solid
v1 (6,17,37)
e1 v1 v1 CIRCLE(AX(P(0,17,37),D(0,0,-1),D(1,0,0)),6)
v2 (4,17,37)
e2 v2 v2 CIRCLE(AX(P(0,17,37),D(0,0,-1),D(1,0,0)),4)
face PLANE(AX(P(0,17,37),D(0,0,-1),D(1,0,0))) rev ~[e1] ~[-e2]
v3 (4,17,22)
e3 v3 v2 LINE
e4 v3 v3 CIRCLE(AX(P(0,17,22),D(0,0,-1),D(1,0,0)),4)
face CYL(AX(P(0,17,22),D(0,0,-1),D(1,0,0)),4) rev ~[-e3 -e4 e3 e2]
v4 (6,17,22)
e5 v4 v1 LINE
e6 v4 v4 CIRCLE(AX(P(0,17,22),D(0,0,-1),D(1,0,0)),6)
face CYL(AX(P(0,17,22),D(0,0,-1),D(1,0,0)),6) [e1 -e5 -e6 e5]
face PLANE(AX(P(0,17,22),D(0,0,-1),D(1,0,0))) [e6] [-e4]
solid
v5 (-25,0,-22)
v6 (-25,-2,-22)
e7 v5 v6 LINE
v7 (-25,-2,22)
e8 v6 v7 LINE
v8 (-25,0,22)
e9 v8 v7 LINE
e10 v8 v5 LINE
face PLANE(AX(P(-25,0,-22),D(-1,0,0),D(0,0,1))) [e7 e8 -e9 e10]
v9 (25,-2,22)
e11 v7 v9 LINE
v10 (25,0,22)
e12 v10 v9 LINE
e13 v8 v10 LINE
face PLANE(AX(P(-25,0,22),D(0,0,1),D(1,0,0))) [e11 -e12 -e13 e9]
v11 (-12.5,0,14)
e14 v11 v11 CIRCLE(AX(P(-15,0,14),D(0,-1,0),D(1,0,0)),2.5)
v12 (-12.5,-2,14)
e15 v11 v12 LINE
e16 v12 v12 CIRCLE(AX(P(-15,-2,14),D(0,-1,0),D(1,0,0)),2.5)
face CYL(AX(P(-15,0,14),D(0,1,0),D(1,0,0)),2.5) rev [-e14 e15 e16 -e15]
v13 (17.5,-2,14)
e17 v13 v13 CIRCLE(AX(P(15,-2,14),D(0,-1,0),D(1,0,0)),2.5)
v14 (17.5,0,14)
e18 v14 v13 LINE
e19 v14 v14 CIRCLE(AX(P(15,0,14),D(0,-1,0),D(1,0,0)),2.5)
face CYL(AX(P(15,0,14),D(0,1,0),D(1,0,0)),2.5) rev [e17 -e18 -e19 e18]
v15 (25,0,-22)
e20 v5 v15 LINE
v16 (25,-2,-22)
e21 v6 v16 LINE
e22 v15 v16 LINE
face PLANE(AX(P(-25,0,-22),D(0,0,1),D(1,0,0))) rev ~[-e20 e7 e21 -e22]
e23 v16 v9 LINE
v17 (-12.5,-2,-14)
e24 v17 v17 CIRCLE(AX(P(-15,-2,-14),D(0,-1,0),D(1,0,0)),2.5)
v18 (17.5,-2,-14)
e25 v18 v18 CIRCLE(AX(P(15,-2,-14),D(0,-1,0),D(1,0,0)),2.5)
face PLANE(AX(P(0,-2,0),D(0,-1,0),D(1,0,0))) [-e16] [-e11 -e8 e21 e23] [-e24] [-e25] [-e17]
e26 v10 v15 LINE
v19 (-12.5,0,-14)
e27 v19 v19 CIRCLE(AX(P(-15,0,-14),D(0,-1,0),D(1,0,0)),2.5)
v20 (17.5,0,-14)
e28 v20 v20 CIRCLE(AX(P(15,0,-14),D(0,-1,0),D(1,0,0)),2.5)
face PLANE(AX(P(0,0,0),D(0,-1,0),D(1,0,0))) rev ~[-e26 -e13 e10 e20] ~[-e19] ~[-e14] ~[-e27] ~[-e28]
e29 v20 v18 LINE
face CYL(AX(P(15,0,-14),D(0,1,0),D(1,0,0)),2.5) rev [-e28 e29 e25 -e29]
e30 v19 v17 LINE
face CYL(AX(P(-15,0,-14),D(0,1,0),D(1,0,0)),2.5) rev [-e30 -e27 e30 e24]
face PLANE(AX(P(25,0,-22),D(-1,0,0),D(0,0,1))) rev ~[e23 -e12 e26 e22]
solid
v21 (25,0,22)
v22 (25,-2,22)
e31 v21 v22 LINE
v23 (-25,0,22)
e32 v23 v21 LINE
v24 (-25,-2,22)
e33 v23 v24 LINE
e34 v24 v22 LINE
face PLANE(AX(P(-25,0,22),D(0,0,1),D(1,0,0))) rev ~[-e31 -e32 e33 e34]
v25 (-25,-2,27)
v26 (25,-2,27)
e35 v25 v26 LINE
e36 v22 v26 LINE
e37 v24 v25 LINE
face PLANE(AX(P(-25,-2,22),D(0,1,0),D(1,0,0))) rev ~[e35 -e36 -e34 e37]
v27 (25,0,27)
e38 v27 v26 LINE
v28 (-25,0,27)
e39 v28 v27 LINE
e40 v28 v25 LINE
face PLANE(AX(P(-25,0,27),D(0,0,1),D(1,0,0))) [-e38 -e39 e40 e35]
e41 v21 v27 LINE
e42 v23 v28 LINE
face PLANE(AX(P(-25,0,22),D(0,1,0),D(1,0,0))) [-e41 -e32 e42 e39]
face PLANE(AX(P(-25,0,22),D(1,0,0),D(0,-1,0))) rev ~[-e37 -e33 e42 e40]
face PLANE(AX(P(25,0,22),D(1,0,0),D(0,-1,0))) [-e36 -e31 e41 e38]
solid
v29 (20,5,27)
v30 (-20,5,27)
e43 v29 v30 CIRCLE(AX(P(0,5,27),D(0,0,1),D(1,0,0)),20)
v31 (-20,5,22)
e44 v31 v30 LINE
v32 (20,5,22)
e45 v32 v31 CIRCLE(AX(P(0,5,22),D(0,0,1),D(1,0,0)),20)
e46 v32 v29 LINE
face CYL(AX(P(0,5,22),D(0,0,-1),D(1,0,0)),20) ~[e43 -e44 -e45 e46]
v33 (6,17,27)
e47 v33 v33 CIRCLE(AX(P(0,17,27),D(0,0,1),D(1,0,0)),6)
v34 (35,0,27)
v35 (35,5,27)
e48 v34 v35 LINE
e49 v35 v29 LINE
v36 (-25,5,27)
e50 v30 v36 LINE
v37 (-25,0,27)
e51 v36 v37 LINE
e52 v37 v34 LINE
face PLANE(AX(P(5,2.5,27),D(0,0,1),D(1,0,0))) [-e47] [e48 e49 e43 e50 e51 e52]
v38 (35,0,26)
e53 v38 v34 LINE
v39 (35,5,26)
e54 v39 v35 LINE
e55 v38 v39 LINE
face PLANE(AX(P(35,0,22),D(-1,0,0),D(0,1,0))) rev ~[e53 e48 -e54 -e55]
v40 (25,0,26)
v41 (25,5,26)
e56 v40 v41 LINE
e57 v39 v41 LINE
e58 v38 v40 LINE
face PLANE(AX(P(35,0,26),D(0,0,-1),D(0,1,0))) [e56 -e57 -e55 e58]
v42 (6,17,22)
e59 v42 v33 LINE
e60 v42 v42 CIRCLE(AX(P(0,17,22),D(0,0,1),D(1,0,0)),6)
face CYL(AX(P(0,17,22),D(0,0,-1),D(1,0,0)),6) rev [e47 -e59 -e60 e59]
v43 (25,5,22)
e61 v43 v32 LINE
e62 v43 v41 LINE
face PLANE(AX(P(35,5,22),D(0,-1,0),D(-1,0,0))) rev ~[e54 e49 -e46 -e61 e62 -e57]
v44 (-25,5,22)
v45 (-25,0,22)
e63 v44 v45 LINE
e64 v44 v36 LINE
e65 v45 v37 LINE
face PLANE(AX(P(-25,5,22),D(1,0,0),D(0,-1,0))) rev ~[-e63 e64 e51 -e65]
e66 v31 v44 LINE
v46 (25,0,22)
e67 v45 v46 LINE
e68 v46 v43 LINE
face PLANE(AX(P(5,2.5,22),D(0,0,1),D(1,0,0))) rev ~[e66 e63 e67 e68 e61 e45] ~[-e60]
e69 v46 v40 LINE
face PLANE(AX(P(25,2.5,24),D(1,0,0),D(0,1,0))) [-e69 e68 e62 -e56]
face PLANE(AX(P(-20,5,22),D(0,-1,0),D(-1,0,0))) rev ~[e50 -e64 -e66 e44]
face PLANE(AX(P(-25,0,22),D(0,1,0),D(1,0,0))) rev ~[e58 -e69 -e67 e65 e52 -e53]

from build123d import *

# Parameters (mm, degrees)
F0_W       = 50
F0_H       = 44
F0_R       = 2.5
F1_DEPTH   = 2
F1_FACE1_W = 50
F1_FACE1_H = 2
F2_R       = 6
F3_DEPTH   = 5
F4_DEPTH   = 5
F5_R       = 6
F5_R_2     = 4
F6_DEPTH   = 15
F7_W       = 5
F7_H       = 4
F8_DEPTH   = 10


with BuildPart() as f1:
    # F0 (on Front) → F1 (new body)
    with BuildSketch(Plane.XZ):
        Rectangle(F0_W, F0_H)
        with Locations((-15, -14)):
            Circle(F0_R, mode=Mode.SUBTRACT)
        with Locations((15, -14)):
            Circle(F0_R, mode=Mode.SUBTRACT)
        with Locations((-15, 14)):
            Circle(F0_R, mode=Mode.SUBTRACT)
        with Locations((15, 14)):
            Circle(F0_R, mode=Mode.SUBTRACT)
    extrude(amount=F1_DEPTH)

    # F1_face1 (on face) + F2 (on face) → F3 (join)
    with BuildSketch(Plane(origin=(0, -1, -22), x_dir=(1, 0, 0), z_dir=(0, 0, -1))):
        Rectangle(F1_FACE1_W, F1_FACE1_H)
    with BuildSketch(Plane.XY.offset(22)):
        Polygon((-25, 5), (-25, 0), (25, 0), (35, 0), (35, 5), (20, 5), (-20, 5), align=None)
        with BuildLine():
            ThreePointArc((20, 5), (0, 25), (-20, 5))
            Line((-20, 5), (20, 5))
        make_face()
        with Locations((0, 17)):
            Circle(F2_R, mode=Mode.SUBTRACT)
    extrude(amount=-F3_DEPTH, dir=(0, 0, -1))


with BuildPart() as f4:
    # F4 (new): a face of the model
    f4_faces = [f1.part.faces().sort_by_distance(p)[0] for p in [
        (0, -1, 22),
    ]]
    extrude(f4_faces, amount=F4_DEPTH)


with BuildPart() as f6:
    # F5 (on face) → F6 (new body)
    with BuildSketch(Plane(origin=(0, 0, 22), x_dir=(1, 0, 0), z_dir=(0, 0, -1))):
        with Locations((0, -17)):
            Circle(F5_R)
        with Locations((0, -17)):
            Circle(F5_R_2, mode=Mode.SUBTRACT)
    extrude(amount=-F6_DEPTH)


with BuildPart() as f1_1:
    add(f1.part)

    # F7 (on face) → F8 (cut)
    with BuildSketch(Plane.YZ.offset(35)):
        with Locations((2.5, 24)):
            Rectangle(F7_W, F7_H)
    extrude(amount=-F8_DEPTH, mode=Mode.SUBTRACT)


solid = Compound([f4.part, f6.part, f1_1.part])
